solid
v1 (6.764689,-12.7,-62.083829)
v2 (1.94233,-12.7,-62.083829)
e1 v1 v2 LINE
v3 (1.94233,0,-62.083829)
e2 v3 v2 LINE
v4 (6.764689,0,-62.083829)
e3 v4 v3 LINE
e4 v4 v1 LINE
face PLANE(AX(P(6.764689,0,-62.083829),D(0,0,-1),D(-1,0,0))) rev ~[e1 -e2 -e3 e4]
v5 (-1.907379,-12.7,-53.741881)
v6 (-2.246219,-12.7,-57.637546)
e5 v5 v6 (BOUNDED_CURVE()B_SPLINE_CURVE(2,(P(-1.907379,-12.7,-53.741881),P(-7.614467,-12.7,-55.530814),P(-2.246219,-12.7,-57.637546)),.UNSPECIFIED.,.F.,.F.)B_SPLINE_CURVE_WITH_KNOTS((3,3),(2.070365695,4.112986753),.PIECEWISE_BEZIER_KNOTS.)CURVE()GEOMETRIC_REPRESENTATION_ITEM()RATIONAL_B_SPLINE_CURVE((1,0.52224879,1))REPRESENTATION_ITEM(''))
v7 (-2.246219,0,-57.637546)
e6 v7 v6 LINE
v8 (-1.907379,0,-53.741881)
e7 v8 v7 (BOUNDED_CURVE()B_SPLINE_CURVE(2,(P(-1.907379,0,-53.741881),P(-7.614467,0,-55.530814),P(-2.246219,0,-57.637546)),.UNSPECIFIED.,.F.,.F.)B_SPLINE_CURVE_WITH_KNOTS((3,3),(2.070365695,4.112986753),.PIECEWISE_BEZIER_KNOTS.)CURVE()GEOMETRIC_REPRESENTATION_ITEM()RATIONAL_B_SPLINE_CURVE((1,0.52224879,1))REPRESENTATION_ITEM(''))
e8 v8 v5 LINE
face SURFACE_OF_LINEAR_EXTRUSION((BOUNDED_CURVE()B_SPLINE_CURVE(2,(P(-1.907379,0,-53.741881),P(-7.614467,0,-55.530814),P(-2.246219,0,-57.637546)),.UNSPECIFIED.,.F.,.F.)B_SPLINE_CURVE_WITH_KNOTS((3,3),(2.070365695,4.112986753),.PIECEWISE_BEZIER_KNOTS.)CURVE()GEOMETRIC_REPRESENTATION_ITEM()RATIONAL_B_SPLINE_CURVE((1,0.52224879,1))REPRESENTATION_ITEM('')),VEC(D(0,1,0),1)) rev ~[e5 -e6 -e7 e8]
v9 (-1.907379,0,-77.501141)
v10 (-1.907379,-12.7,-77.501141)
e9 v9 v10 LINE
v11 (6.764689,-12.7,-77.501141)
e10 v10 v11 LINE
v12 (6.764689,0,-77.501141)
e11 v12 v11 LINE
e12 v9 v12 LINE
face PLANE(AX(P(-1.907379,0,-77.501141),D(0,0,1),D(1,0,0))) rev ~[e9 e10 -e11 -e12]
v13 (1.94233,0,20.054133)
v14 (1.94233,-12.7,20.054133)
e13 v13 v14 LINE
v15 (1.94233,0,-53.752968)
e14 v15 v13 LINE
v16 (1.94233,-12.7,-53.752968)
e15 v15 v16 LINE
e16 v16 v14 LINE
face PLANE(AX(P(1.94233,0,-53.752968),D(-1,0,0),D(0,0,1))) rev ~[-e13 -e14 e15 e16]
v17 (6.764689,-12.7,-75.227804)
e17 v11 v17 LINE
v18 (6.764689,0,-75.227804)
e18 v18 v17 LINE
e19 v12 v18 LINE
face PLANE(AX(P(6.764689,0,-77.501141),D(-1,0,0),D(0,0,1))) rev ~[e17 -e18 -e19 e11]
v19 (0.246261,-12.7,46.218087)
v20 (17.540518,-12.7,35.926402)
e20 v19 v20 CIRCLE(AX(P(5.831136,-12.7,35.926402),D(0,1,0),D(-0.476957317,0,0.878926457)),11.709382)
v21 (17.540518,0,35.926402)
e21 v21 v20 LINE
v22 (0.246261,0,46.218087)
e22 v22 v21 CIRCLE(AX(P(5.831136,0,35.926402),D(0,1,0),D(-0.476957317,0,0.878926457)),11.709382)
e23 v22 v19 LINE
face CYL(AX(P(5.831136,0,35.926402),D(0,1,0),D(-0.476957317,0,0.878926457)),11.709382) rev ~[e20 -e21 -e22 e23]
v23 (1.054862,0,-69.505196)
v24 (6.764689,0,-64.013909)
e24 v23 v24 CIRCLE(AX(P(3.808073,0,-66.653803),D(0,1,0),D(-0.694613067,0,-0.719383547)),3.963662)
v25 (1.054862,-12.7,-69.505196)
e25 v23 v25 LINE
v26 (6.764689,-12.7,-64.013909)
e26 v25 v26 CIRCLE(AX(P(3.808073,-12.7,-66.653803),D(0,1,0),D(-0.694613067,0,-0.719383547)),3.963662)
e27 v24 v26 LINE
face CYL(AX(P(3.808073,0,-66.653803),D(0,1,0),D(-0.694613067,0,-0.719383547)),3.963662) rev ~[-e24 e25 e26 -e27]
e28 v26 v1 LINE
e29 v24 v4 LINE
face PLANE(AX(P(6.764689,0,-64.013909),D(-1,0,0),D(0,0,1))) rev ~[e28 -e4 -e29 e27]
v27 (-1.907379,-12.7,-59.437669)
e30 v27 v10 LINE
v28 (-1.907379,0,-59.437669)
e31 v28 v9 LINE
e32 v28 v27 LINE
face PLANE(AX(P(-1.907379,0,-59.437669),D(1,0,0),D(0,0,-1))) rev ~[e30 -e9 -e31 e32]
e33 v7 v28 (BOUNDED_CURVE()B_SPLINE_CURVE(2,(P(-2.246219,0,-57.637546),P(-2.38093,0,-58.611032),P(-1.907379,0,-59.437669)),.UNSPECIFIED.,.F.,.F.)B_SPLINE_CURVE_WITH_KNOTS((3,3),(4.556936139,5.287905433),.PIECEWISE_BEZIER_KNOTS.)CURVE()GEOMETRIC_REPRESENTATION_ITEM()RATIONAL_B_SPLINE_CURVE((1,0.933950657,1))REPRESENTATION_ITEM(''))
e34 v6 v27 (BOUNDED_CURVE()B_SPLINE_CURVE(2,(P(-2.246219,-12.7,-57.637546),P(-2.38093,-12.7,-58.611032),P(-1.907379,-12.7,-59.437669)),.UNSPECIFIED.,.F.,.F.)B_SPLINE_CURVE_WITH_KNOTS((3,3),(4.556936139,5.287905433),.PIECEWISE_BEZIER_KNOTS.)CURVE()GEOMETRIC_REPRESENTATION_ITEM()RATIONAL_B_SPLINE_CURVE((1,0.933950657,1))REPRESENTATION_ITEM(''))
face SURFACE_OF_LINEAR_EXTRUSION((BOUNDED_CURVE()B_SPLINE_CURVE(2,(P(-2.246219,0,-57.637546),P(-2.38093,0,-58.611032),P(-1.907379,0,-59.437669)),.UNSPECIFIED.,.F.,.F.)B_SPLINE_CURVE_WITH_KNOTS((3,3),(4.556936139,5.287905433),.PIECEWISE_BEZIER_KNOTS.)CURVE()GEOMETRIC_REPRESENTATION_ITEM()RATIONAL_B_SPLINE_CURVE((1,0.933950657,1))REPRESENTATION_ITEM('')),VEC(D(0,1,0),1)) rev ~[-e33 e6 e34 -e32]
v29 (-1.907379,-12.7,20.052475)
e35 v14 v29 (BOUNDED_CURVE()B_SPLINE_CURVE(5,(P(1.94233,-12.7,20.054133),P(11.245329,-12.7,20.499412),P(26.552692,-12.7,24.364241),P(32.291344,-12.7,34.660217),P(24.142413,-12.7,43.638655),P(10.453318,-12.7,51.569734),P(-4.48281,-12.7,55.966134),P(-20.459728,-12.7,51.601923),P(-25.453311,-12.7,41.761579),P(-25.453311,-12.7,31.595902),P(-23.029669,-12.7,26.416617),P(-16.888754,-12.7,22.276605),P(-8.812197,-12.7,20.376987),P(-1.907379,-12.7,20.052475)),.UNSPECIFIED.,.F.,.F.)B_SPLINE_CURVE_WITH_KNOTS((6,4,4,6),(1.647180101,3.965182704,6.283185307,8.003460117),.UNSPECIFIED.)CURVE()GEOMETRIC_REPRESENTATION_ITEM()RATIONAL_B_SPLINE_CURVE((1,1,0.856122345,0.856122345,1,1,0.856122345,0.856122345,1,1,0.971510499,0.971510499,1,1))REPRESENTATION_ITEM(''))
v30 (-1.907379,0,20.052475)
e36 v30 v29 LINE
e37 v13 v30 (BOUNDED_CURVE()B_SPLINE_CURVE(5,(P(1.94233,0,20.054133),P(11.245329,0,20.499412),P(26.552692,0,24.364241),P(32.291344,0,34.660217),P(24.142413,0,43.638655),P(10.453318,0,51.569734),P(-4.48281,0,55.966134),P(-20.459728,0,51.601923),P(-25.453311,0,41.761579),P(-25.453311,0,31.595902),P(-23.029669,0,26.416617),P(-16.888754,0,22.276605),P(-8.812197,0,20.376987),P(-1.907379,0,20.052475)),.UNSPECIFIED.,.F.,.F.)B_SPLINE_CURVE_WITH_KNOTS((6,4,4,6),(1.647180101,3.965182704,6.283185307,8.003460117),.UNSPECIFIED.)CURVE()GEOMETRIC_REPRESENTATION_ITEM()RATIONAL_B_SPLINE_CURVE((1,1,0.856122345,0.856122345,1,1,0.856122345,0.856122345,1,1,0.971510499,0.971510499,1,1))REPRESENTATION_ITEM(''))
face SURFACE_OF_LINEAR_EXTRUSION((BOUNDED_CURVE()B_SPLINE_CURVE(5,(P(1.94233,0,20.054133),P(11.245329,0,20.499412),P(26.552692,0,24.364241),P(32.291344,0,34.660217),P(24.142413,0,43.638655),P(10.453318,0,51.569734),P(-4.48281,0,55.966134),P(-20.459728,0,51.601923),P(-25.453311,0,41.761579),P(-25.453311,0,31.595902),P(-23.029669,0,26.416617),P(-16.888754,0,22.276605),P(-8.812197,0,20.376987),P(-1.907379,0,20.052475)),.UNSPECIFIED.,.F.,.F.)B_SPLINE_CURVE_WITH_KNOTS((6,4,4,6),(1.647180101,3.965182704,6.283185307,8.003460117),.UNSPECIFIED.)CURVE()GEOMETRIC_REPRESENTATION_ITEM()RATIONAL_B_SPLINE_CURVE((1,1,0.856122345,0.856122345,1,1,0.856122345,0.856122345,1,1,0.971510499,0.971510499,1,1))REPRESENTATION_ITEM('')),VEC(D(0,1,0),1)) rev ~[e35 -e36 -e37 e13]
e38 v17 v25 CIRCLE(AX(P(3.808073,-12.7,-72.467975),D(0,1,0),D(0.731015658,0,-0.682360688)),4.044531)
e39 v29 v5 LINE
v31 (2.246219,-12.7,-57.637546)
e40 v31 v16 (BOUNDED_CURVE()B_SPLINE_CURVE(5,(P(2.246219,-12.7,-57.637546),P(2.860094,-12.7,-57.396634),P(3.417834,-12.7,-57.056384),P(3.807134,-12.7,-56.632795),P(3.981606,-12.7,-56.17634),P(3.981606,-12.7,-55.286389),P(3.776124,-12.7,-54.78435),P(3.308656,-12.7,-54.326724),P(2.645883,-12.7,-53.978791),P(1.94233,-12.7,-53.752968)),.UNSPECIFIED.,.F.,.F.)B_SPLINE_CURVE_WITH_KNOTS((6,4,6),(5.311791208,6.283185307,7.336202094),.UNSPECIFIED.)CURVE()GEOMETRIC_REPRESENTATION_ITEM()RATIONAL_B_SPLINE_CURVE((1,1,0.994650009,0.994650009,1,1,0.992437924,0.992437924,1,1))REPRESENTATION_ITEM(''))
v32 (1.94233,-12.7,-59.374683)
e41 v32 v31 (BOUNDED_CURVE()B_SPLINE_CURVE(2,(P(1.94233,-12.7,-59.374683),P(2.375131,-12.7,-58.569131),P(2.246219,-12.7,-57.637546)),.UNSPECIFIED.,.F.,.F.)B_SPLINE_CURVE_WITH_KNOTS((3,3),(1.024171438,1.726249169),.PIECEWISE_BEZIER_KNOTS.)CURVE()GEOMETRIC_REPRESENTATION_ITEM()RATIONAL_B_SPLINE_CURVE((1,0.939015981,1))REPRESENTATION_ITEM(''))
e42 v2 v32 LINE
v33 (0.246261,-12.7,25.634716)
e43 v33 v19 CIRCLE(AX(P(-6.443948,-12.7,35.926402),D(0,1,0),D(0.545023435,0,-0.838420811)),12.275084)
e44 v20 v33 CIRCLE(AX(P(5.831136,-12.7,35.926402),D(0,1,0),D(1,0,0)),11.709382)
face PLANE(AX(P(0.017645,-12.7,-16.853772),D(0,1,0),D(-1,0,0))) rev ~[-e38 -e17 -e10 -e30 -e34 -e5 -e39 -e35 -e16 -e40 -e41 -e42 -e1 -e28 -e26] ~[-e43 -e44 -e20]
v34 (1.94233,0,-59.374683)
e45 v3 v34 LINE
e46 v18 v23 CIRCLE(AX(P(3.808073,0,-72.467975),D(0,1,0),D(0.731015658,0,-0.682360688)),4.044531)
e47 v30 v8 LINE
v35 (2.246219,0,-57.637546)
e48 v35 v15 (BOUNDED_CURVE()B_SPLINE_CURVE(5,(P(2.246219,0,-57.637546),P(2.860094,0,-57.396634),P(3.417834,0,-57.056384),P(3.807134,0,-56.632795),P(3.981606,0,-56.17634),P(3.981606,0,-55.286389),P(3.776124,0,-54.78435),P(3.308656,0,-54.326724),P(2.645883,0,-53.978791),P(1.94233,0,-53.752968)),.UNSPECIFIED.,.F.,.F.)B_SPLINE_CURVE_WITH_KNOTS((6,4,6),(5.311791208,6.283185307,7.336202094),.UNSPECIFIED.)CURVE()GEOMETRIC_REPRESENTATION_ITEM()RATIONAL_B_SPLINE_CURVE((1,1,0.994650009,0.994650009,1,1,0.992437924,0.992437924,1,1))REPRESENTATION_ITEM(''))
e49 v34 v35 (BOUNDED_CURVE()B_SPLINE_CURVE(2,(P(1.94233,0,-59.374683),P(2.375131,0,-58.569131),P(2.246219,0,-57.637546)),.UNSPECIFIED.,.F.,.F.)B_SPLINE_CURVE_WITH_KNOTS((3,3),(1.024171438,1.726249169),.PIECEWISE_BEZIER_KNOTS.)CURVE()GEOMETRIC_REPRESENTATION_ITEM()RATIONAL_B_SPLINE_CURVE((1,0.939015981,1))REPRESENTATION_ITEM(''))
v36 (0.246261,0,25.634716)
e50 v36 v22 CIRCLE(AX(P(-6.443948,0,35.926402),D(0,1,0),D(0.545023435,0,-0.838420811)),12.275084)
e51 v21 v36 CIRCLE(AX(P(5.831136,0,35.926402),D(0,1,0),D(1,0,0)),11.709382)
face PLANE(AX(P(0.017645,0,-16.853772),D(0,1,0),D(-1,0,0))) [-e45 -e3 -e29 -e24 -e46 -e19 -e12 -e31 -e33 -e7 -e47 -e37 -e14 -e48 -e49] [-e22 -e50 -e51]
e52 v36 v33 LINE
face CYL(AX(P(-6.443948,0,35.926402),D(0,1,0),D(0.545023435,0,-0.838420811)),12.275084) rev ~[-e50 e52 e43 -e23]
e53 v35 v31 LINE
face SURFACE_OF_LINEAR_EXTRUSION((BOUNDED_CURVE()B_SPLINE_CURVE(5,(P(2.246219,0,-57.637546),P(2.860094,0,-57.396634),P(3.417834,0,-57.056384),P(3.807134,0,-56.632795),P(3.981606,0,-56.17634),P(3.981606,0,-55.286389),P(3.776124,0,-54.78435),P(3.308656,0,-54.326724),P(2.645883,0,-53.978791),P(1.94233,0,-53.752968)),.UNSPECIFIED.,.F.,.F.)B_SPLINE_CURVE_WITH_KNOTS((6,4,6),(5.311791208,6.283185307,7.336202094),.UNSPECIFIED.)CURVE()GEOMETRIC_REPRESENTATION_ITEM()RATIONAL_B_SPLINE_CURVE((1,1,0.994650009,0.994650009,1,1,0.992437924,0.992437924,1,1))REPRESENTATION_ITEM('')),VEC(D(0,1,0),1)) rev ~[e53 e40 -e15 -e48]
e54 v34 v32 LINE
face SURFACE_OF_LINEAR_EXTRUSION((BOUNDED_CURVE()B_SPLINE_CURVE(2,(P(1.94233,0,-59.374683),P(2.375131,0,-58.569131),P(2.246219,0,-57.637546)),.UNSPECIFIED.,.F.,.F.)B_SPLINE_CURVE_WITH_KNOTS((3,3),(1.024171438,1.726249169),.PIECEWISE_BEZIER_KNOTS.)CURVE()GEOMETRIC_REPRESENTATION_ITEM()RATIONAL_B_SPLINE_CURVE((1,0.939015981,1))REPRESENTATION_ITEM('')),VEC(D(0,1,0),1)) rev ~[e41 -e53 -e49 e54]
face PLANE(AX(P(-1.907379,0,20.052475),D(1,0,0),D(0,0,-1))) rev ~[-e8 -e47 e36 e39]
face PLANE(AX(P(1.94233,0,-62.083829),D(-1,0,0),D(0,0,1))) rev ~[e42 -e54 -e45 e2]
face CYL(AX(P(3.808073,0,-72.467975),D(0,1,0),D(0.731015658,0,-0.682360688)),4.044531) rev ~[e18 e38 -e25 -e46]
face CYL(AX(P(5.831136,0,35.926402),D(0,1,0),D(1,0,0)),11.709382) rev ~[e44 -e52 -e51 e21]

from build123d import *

# Parameters (mm, degrees)
F1_DEPTH = 12.7


with BuildPart() as f1:
    # F0 (on Front) → F1 (new body)
    with BuildSketch(Plane.XZ):
        with BuildLine():
            add(Edge.make_bspline(
                [(-1.9073785423, 20.052475111), (0.017576206, 19.9620063062), (1.9423299236, 20.0541328887)],
                knots=[1.4957896525, 1.4957896525, 1.4957896525, 1.6471801011, 1.6471801011, 1.6471801011], degree=2, weights=[1, 0.9971364842, 1]))
            Line((-1.9073785423, 20.052475111), (-1.9073785423, -53.7418810242))
            add(Edge.make_bspline(
                [(1.9423299236, -53.7529678102), (0.0228057891, -53.1368492071), (-1.9073785423, -53.7418810242)],
                knots=[1.0611989823, 1.0611989823, 1.0611989823, 2.070365695, 2.070365695, 2.070365695], degree=2, weights=[1, 0.8753759737, 1]))
            Line((1.9423299236, -53.7529678102), (1.9423299236, 20.0541328887))
        make_face()
        with BuildLine():
            add(Edge.make_bspline(
                [(3.9816056378, -55.7493055508), (3.9816056378, -54.4075236356), (1.9423299236, -53.7529678102)],
                knots=[0, 0, 0, 1.0611989823, 1.0611989823, 1.0611989823], degree=2, weights=[1, 0.8625038527, 1]))
            Line((1.9423299236, -53.7529678102), (1.9423299236, -55.7493055508))
            Line((1.9423299236, -55.7493055508), (1.9423299236, -56.6977486097))
            add(Edge.make_bspline(
                [(2.2462188767, -57.6375455968), (2.1764768556, -57.1335548751), (1.9423299236, -56.6977486097)],
                knots=[1.7262491686, 1.7262491686, 1.7262491686, 2.1174212155, 2.1174212155, 2.1174212155], degree=2, weights=[1, 0.9809339494, 1]))
            add(Edge.make_bspline(
                [(2.2462188767, -57.6375455968), (3.9816056378, -56.9565051427), (3.9816056378, -55.7493055508)],
                knots=[5.3117912077, 5.3117912077, 5.3117912077, 6.2831853072, 6.2831853072, 6.2831853072], degree=2, weights=[1, 0.8843497638, 1]))
        make_face()
        with BuildLine():
            add(Edge.make_bspline(
                [(1.9423299236, -53.7529678102), (0.0228057891, -53.1368492071), (-1.9073785423, -53.7418810242)],
                knots=[1.0611989823, 1.0611989823, 1.0611989823, 2.070365695, 2.070365695, 2.070365695], degree=2, weights=[1, 0.8753759737, 1]))
            Line((-1.9073785423, -53.7418810242), (-1.9073785423, -55.7493055508))
            Line((-1.9073785423, -55.7493055508), (-1.044883562, -55.7493055508))
            add(Edge.make_bspline(
                [(1.044883562, -55.7493055508), (0, -55.1369884315), (-1.044883562, -55.7493055508)],
                knots=[2.6640871641, 2.6640871641, 2.6640871641, 3.619098143, 3.619098143, 3.619098143], degree=2, weights=[1, 0.8881440749, 1]))
            Line((1.044883562, -55.7493055508), (1.9423299236, -55.7493055508))
            Line((1.9423299236, -55.7493055508), (1.9423299236, -53.7529678102))
        make_face()
        with BuildLine():
            Line((-1.9073785423, -55.7493055508), (-1.9073785423, -53.7418810242))
            add(Edge.make_bspline(
                [(-1.9073785423, -53.7418810242), (-7.6144672063, -55.5308139091), (-2.2462188767, -57.6375455968)],
                knots=[2.070365695, 2.070365695, 2.070365695, 4.112986753, 4.112986753, 4.112986753], degree=2, weights=[1, 0.5222487899, 1]))
            add(Edge.make_bspline(
                [(-1.9073785423, -56.634762618), (-2.1711764943, -57.0952518141), (-2.2462188767, -57.6375455968)],
                knots=[4.136872528, 4.136872528, 4.136872528, 4.5569361386, 4.5569361386, 4.5569361386], degree=2, weights=[1, 0.9780242841, 1]))
            Line((-1.9073785423, -56.634762618), (-1.9073785423, -55.7493055508))
        make_face()
        with BuildLine():
            Line((-1.044883562, -55.7493055508), (-1.9073785423, -55.7493055508))
            Line((-1.9073785423, -55.7493055508), (-1.9073785423, -56.634762618))
            add(Edge.make_bspline(
                [(-1.044883562, -55.7493055508), (-1.5796596611, -56.062692202), (-1.9073785423, -56.634762618)],
                knots=[3.619098143, 3.619098143, 3.619098143, 4.136872528, 4.136872528, 4.136872528], degree=2, weights=[1, 0.9666754609, 1]))
        make_face()
        with BuildLine():
            add(Edge.make_bspline(
                [(1.044883562, -55.7493055508), (0, -55.1369884315), (-1.044883562, -55.7493055508)],
                knots=[2.6640871641, 2.6640871641, 2.6640871641, 3.619098143, 3.619098143, 3.619098143], degree=2, weights=[1, 0.8881440749, 1]))
            Line((-1.044883562, -55.7493055508), (1.044883562, -55.7493055508))
        make_face()
        with BuildLine():
            Line((1.9423299236, -56.6977486097), (1.9423299236, -55.7493055508))
            Line((1.9423299236, -55.7493055508), (1.044883562, -55.7493055508))
            add(Edge.make_bspline(
                [(1.9423299236, -56.6977486097), (1.6109982118, -56.0810570531), (1.044883562, -55.7493055508)],
                knots=[2.1174212155, 2.1174212155, 2.1174212155, 2.6640871641, 2.6640871641, 2.6640871641], degree=2, weights=[1, 0.9628765359, 1]))
        make_face()
        with BuildLine():
            add(Edge.make_bspline(
                [(-1.9073785423, -56.634762618), (-2.1711764943, -57.0952518141), (-2.2462188767, -57.6375455968)],
                knots=[4.136872528, 4.136872528, 4.136872528, 4.5569361386, 4.5569361386, 4.5569361386], degree=2, weights=[1, 0.9780242841, 1]))
            add(Edge.make_bspline(
                [(-2.2462188767, -57.6375455968), (-2.0819819727, -57.7019992265), (-1.9073785423, -57.7567300774)],
                knots=[4.112986753, 4.112986753, 4.112986753, 4.2128196121, 4.2128196121, 4.2128196121], degree=2, weights=[1, 0.9987544337, 1]))
            Line((-1.9073785423, -57.7567300774), (-1.9073785423, -56.634762618))
        make_face()
        with BuildLine():
            add(Edge.make_bspline(
                [(-1.9073785423, -57.7567300774), (0.0228057891, -58.3617618944), (1.9423299236, -57.7456432913)],
                knots=[4.2128196121, 4.2128196121, 4.2128196121, 5.2219863249, 5.2219863249, 5.2219863249], degree=2, weights=[1, 0.8753759737, 1]))
            Line((-1.9073785423, -57.7567300774), (-1.9073785423, -59.4376690078))
            add(Edge.make_bspline(
                [(-1.9073785423, -59.4376690078), (-1.2351343114, -60.6111474335), (0, -60.6111474335)],
                knots=[5.2879054328, 5.2879054328, 5.2879054328, 6.2831853072, 6.2831853072, 6.2831853072], degree=2, weights=[1, 0.8787115912, 1]))
            add(Edge.make_bspline(
                [(0, -60.6111474335), (1.2780109984, -60.6111474335), (1.9423299236, -59.3746830161)],
                knots=[0, 0, 0, 1.0241714381, 1.0241714381, 1.0241714381], degree=2, weights=[1, 0.8717244095, 1]))
            Line((1.9423299236, -59.3746830161), (1.9423299236, -57.7456432913))
        make_face()
        with BuildLine():
            add(Edge.make_bspline(
                [(2.2462188767, -57.6375455968), (2.1764768556, -57.1335548751), (1.9423299236, -56.6977486097)],
                knots=[1.7262491686, 1.7262491686, 1.7262491686, 2.1174212155, 2.1174212155, 2.1174212155], degree=2, weights=[1, 0.9809339494, 1]))
            Line((1.9423299236, -56.6977486097), (1.9423299236, -57.7456432913))
            add(Edge.make_bspline(
                [(1.9423299236, -57.7456432913), (2.0985026197, -57.6955158136), (2.2462188767, -57.6375455968)],
                knots=[5.2219863249, 5.2219863249, 5.2219863249, 5.3117912077, 5.3117912077, 5.3117912077], degree=2, weights=[1, 0.9989920547, 1]))
        make_face()
        with BuildLine():
            Line((1.044883562, -55.7493055508), (-1.044883562, -55.7493055508))
            add(Edge.make_bspline(
                [(-1.044883562, -55.7493055508), (-1.5796596611, -56.062692202), (-1.9073785423, -56.634762618)],
                knots=[3.619098143, 3.619098143, 3.619098143, 4.136872528, 4.136872528, 4.136872528], degree=2, weights=[1, 0.9666754609, 1]))
            Line((-1.9073785423, -56.634762618), (-1.9073785423, -57.7567300774))
            add(Edge.make_bspline(
                [(-1.9073785423, -57.7567300774), (0.0228057891, -58.3617618944), (1.9423299236, -57.7456432913)],
                knots=[4.2128196121, 4.2128196121, 4.2128196121, 5.2219863249, 5.2219863249, 5.2219863249], degree=2, weights=[1, 0.8753759737, 1]))
            Line((1.9423299236, -57.7456432913), (1.9423299236, -56.6977486097))
            add(Edge.make_bspline(
                [(1.9423299236, -56.6977486097), (1.6109982118, -56.0810570531), (1.044883562, -55.7493055508)],
                knots=[2.1174212155, 2.1174212155, 2.1174212155, 2.6640871641, 2.6640871641, 2.6640871641], degree=2, weights=[1, 0.9628765359, 1]))
        make_face()
        with BuildLine():
            add(Edge.make_bspline(
                [(1.9423299236, -59.3746830161), (2.3751312656, -58.5691309856), (2.2462188767, -57.6375455968)],
                knots=[1.0241714381, 1.0241714381, 1.0241714381, 1.7262491686, 1.7262491686, 1.7262491686], degree=2, weights=[1, 0.9390159814, 1]))
            add(Edge.make_bspline(
                [(1.9423299236, -57.7456432913), (2.0985026197, -57.6955158136), (2.2462188767, -57.6375455968)],
                knots=[5.2219863249, 5.2219863249, 5.2219863249, 5.3117912077, 5.3117912077, 5.3117912077], degree=2, weights=[1, 0.9989920547, 1]))
            Line((1.9423299236, -57.7456432913), (1.9423299236, -59.3746830161))
        make_face()
        with BuildLine():
            add(Edge.make_bspline(
                [(-2.2462188767, -57.6375455968), (-2.0819819727, -57.7019992265), (-1.9073785423, -57.7567300774)],
                knots=[4.112986753, 4.112986753, 4.112986753, 4.2128196121, 4.2128196121, 4.2128196121], degree=2, weights=[1, 0.9987544337, 1]))
            add(Edge.make_bspline(
                [(-2.2462188767, -57.6375455968), (-2.3809295292, -58.6110321383), (-1.9073785423, -59.4376690078)],
                knots=[4.5569361386, 4.5569361386, 4.5569361386, 5.2879054328, 5.2879054328, 5.2879054328], degree=2, weights=[1, 0.933950657, 1]))
            Line((-1.9073785423, -59.4376690078), (-1.9073785423, -57.7567300774))
        make_face()
        with BuildLine():
            add(Edge.make_bspline(
                [(-1.9073785423, -59.4376690078), (-1.2351343114, -60.6111474335), (0, -60.6111474335)],
                knots=[5.2879054328, 5.2879054328, 5.2879054328, 6.2831853072, 6.2831853072, 6.2831853072], degree=2, weights=[1, 0.8787115912, 1]))
            Line((-1.9073785423, -59.4376690078), (-1.9073785423, -62.1413066983))
            Line((-1.9073785423, -62.1413066983), (-1.9073785423, -77.5011405349))
            Line((-1.9073785423, -77.5011405349), (6.764688681, -77.5011405349))
            Line((6.764688681, -77.5011405349), (6.764688681, -75.2278044498))
            ThreePointArc((6.764688681, -75.2278044498), (0.9449620064, -75.3246917108), (1.0548615824, -69.5051962179))
            ThreePointArc((1.0548615824, -69.5051962179), (1.0605464602, -63.7969315626), (6.764688681, -64.0139090212))
            Line((6.764688681, -64.0139090212), (6.764688681, -62.1413066983))
            Line((6.764688681, -62.1413066983), (6.764688681, -62.0838291943))
            Line((6.764688681, -62.0838291943), (1.9423299236, -62.0838291943))
            Line((1.9423299236, -62.0838291943), (1.9423299236, -59.3746830161))
            add(Edge.make_bspline(
                [(0, -60.6111474335), (1.2780109984, -60.6111474335), (1.9423299236, -59.3746830161)],
                knots=[0, 0, 0, 1.0241714381, 1.0241714381, 1.0241714381], degree=2, weights=[1, 0.8717244095, 1]))
        make_face()
        with BuildLine():
            add(Edge.make_bspline(
                [(1.9423299236, 20.0541328887), (60.0490421717, 22.8353577125), (17.2978656194, 47.6041947023), (-25.453310933, 72.3730316922), (-25.453310933, 35.9264016151)],
                knots=[1.6471801011, 1.6471801011, 1.6471801011, 3.9651827041, 3.9651827041, 6.2831853072, 6.2831853072, 6.2831853072], degree=2, weights=[1, 0.40025494, 1, 0.40025494, 1]))
            add(Edge.make_bspline(
                [(-25.453310933, 35.9264016151), (-25.453310933, 21.1590841686), (-1.9073785423, 20.052475111)],
                knots=[0, 0, 0, 1.4957896525, 1.4957896525, 1.4957896525], degree=2, weights=[1, 0.7331222145, 1]))
            add(Edge.make_bspline(
                [(-1.9073785423, 20.052475111), (0.017576206, 19.9620063062), (1.9423299236, 20.0541328887)],
                knots=[1.4957896525, 1.4957896525, 1.4957896525, 1.6471801011, 1.6471801011, 1.6471801011], degree=2, weights=[1, 0.9971364842, 1]))
        make_face()
        with BuildLine():
            ThreePointArc((0.2462605992, 25.6347158415), (-18.7190316515, 35.9264016151), (0.2462605992, 46.2180873888))
            ThreePointArc((0.2462605992, 46.2180873888), (11.8192154628, 45.9888335268), (17.5405182544, 35.9264016151))
            ThreePointArc((17.5405182544, 35.9264016151), (11.8192154628, 25.8639697035), (0.2462605992, 25.6347158415))
        make_face(mode=Mode.SUBTRACT)
    extrude(amount=F1_DEPTH)


solid = f1.part
